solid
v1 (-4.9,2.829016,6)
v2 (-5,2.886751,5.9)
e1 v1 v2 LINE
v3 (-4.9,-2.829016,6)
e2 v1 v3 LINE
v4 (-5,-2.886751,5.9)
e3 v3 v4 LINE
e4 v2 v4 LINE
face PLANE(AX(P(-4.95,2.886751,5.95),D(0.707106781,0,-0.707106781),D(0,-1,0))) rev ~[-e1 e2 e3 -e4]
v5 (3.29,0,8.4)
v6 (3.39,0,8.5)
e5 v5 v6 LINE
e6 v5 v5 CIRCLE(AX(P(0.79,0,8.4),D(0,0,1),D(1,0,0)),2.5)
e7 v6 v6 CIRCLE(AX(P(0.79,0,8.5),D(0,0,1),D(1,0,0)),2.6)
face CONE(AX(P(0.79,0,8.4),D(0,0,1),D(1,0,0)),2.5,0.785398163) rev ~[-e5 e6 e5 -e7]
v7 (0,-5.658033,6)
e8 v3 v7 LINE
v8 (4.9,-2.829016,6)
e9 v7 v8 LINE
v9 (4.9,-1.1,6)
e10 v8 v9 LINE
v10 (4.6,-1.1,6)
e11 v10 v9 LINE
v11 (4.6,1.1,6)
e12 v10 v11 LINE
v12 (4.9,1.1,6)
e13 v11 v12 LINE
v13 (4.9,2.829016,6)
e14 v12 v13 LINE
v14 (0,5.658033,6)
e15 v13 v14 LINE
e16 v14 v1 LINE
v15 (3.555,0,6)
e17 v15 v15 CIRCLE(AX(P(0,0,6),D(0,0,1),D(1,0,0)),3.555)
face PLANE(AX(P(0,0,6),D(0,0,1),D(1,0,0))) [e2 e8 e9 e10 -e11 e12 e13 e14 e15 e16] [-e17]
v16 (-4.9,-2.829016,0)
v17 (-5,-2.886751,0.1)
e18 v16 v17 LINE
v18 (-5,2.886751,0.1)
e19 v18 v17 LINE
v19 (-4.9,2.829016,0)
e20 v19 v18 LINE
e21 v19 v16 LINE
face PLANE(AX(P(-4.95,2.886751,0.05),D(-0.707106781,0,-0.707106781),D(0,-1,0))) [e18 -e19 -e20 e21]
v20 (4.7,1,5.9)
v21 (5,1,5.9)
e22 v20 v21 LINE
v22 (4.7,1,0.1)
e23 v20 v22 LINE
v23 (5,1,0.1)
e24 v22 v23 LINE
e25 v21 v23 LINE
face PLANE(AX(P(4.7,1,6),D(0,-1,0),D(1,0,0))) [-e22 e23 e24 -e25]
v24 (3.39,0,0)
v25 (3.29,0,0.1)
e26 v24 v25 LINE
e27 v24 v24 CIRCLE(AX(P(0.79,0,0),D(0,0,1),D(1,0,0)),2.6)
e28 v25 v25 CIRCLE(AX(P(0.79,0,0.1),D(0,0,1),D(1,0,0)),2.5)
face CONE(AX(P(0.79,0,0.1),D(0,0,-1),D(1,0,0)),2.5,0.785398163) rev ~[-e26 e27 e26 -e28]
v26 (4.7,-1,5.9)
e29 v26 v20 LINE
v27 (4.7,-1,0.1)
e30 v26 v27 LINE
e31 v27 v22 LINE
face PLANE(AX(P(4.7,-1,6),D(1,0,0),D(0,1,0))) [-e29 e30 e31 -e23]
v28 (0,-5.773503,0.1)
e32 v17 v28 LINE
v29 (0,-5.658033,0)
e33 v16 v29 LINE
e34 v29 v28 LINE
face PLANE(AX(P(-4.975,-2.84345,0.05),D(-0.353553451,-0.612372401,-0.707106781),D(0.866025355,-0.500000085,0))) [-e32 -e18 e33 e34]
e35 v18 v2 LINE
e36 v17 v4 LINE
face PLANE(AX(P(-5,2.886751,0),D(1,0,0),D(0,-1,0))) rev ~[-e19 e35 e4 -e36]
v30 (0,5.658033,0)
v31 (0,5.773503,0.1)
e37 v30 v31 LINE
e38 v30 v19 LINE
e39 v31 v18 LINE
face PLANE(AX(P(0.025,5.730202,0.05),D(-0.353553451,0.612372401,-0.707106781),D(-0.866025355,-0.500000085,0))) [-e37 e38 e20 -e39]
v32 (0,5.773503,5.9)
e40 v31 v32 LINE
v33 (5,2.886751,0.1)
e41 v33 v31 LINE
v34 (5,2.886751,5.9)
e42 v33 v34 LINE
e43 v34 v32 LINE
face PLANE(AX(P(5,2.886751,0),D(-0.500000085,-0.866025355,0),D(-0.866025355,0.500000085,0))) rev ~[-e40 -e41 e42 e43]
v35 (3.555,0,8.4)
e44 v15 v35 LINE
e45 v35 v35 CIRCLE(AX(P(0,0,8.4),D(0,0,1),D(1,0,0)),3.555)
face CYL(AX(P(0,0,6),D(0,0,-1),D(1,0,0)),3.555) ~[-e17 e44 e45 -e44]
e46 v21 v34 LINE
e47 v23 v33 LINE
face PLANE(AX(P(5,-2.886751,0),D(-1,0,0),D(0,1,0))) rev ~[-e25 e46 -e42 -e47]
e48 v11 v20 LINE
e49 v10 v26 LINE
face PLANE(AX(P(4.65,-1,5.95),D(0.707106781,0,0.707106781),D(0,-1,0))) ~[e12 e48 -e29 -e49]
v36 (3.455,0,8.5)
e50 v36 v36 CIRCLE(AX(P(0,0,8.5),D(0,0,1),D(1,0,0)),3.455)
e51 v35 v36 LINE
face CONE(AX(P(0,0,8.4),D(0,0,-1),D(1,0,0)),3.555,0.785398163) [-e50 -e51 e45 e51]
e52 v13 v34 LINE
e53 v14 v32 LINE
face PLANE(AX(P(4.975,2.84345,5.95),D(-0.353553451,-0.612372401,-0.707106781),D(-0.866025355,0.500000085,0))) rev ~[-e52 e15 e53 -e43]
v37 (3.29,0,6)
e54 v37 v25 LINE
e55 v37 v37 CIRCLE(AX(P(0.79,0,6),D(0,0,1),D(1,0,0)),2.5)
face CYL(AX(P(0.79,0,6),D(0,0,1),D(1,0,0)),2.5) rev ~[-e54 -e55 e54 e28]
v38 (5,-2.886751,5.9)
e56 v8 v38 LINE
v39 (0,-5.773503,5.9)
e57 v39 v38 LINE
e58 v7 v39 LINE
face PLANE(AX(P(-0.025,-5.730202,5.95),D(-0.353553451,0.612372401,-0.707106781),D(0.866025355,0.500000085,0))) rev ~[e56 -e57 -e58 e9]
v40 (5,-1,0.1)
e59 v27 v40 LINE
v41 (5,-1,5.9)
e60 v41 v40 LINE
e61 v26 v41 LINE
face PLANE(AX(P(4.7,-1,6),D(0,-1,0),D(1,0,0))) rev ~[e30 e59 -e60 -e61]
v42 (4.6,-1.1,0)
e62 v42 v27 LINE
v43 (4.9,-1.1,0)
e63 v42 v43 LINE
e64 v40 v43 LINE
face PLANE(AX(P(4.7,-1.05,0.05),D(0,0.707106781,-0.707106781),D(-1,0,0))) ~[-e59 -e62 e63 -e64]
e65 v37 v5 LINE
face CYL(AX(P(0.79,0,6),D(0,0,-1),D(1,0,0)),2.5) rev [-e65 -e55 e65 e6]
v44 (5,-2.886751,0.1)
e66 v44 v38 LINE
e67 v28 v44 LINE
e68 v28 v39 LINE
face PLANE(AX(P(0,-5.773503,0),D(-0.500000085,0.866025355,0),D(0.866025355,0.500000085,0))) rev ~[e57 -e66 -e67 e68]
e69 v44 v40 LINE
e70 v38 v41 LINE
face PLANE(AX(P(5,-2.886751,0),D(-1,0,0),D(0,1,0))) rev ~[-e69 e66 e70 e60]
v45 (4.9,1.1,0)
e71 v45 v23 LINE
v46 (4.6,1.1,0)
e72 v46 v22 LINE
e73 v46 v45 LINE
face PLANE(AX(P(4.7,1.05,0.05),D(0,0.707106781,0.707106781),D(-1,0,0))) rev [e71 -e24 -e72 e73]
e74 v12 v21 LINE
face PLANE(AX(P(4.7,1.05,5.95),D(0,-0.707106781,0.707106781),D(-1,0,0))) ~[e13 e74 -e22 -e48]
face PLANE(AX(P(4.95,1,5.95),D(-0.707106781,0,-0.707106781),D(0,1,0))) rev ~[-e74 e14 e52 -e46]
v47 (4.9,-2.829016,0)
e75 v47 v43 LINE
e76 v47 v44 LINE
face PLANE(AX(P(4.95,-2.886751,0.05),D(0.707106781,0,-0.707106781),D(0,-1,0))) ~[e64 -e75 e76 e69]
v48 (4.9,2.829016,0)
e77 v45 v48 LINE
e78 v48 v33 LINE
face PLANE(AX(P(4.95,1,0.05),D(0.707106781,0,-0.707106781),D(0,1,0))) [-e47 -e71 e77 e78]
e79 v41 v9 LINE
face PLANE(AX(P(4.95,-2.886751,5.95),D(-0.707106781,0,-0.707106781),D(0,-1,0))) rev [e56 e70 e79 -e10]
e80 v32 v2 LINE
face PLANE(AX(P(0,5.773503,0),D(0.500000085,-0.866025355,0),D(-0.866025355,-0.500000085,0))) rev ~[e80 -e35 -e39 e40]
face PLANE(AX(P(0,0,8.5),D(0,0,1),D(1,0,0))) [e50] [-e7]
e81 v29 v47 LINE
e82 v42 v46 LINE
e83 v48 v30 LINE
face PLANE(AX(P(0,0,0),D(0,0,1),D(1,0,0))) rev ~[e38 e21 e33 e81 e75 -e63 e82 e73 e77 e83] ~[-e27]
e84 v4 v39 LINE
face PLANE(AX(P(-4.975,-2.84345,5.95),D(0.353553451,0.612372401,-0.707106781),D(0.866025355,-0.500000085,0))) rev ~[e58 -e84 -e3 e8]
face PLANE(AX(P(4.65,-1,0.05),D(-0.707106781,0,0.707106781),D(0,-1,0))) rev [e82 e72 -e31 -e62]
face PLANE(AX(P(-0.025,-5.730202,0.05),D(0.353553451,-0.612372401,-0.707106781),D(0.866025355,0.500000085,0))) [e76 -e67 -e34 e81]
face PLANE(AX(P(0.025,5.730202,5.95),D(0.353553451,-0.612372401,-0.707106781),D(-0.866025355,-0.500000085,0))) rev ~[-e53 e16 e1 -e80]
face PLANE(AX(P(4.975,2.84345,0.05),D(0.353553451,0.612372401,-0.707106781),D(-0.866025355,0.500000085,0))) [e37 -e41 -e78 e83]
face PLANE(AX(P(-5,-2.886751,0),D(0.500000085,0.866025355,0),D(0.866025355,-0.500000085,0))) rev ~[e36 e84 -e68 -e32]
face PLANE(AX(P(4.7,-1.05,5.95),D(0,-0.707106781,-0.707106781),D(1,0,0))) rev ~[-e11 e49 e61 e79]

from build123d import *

# Parameters (mm, degrees)
F1_DEPTH = 6
F2_R     = 3.555
F2_R_2   = 2.5
F3_DEPTH = 2.5
F4_W     = 0.3
F4_H     = 2
F5_DEPTH = 25
F6_R     = 2.5
F7_DEPTH = 25
F8_SIZE  = 0.1


with BuildPart() as f1:
    # F0 (on Top) → F1 (new body)
    with BuildSketch(Plane.XY):
        Polygon((5, -2.886751), (5, 2.886751), (0, 5.773503), (-5, 2.886751), (-5, -2.886751), (0, -5.773503), align=None)
    extrude(amount=F1_DEPTH)

    # F2 (on face) → F3 (join)
    with BuildSketch(Plane.XY.offset(6)):
        Circle(F2_R)
        with Locations((0.79, 0)):
            Circle(F2_R_2, mode=Mode.SUBTRACT)
    extrude(amount=F3_DEPTH)

    # F4 (on face) → F5 (cut)
    with BuildSketch(Plane.XY.offset(6)):
        with Locations((4.85, 0)):
            Rectangle(F4_W, F4_H)
    extrude(amount=-F5_DEPTH, mode=Mode.SUBTRACT)

    # F6 (on face) → F7 (cut)
    with BuildSketch(Plane.XY.offset(6)):
        with Locations((0.79, 0)):
            Circle(F6_R)
    extrude(amount=-F7_DEPTH, mode=Mode.SUBTRACT)

    # F8
    f8_edges = [f1.edges().sort_by_distance(p)[0] for p in [
        (-2.5, -4.330127, 6),
        (2.5, -4.330127, 6),
        (5, -1.943376, 6),
        (5, 1.943376, 6),
        (4.7, 0, 6),
        (4.85, -1, 6),
        (4.85, 1, 6),
        (2.5, 4.330127, 6),
        (-2.5, 4.330127, 6),
        (-5, 0, 6),
        (-3.555, 0, 8.5),
        (-1.71, 0, 8.5),
        (2.5, -4.330127, 0),
        (-2.5, -4.330127, 0),
        (5, -1.943376, 0),
        (-5, 0, 0),
        (4.85, -1, 0),
        (-2.5, 4.330127, 0),
        (4.7, 0, 0),
        (2.5, 4.330127, 0),
        (4.85, 1, 0),
        (5, 1.943376, 0),
        (-1.71, 0, 0),
    ]]
    chamfer(f8_edges, length=F8_SIZE)


solid = f1.part
